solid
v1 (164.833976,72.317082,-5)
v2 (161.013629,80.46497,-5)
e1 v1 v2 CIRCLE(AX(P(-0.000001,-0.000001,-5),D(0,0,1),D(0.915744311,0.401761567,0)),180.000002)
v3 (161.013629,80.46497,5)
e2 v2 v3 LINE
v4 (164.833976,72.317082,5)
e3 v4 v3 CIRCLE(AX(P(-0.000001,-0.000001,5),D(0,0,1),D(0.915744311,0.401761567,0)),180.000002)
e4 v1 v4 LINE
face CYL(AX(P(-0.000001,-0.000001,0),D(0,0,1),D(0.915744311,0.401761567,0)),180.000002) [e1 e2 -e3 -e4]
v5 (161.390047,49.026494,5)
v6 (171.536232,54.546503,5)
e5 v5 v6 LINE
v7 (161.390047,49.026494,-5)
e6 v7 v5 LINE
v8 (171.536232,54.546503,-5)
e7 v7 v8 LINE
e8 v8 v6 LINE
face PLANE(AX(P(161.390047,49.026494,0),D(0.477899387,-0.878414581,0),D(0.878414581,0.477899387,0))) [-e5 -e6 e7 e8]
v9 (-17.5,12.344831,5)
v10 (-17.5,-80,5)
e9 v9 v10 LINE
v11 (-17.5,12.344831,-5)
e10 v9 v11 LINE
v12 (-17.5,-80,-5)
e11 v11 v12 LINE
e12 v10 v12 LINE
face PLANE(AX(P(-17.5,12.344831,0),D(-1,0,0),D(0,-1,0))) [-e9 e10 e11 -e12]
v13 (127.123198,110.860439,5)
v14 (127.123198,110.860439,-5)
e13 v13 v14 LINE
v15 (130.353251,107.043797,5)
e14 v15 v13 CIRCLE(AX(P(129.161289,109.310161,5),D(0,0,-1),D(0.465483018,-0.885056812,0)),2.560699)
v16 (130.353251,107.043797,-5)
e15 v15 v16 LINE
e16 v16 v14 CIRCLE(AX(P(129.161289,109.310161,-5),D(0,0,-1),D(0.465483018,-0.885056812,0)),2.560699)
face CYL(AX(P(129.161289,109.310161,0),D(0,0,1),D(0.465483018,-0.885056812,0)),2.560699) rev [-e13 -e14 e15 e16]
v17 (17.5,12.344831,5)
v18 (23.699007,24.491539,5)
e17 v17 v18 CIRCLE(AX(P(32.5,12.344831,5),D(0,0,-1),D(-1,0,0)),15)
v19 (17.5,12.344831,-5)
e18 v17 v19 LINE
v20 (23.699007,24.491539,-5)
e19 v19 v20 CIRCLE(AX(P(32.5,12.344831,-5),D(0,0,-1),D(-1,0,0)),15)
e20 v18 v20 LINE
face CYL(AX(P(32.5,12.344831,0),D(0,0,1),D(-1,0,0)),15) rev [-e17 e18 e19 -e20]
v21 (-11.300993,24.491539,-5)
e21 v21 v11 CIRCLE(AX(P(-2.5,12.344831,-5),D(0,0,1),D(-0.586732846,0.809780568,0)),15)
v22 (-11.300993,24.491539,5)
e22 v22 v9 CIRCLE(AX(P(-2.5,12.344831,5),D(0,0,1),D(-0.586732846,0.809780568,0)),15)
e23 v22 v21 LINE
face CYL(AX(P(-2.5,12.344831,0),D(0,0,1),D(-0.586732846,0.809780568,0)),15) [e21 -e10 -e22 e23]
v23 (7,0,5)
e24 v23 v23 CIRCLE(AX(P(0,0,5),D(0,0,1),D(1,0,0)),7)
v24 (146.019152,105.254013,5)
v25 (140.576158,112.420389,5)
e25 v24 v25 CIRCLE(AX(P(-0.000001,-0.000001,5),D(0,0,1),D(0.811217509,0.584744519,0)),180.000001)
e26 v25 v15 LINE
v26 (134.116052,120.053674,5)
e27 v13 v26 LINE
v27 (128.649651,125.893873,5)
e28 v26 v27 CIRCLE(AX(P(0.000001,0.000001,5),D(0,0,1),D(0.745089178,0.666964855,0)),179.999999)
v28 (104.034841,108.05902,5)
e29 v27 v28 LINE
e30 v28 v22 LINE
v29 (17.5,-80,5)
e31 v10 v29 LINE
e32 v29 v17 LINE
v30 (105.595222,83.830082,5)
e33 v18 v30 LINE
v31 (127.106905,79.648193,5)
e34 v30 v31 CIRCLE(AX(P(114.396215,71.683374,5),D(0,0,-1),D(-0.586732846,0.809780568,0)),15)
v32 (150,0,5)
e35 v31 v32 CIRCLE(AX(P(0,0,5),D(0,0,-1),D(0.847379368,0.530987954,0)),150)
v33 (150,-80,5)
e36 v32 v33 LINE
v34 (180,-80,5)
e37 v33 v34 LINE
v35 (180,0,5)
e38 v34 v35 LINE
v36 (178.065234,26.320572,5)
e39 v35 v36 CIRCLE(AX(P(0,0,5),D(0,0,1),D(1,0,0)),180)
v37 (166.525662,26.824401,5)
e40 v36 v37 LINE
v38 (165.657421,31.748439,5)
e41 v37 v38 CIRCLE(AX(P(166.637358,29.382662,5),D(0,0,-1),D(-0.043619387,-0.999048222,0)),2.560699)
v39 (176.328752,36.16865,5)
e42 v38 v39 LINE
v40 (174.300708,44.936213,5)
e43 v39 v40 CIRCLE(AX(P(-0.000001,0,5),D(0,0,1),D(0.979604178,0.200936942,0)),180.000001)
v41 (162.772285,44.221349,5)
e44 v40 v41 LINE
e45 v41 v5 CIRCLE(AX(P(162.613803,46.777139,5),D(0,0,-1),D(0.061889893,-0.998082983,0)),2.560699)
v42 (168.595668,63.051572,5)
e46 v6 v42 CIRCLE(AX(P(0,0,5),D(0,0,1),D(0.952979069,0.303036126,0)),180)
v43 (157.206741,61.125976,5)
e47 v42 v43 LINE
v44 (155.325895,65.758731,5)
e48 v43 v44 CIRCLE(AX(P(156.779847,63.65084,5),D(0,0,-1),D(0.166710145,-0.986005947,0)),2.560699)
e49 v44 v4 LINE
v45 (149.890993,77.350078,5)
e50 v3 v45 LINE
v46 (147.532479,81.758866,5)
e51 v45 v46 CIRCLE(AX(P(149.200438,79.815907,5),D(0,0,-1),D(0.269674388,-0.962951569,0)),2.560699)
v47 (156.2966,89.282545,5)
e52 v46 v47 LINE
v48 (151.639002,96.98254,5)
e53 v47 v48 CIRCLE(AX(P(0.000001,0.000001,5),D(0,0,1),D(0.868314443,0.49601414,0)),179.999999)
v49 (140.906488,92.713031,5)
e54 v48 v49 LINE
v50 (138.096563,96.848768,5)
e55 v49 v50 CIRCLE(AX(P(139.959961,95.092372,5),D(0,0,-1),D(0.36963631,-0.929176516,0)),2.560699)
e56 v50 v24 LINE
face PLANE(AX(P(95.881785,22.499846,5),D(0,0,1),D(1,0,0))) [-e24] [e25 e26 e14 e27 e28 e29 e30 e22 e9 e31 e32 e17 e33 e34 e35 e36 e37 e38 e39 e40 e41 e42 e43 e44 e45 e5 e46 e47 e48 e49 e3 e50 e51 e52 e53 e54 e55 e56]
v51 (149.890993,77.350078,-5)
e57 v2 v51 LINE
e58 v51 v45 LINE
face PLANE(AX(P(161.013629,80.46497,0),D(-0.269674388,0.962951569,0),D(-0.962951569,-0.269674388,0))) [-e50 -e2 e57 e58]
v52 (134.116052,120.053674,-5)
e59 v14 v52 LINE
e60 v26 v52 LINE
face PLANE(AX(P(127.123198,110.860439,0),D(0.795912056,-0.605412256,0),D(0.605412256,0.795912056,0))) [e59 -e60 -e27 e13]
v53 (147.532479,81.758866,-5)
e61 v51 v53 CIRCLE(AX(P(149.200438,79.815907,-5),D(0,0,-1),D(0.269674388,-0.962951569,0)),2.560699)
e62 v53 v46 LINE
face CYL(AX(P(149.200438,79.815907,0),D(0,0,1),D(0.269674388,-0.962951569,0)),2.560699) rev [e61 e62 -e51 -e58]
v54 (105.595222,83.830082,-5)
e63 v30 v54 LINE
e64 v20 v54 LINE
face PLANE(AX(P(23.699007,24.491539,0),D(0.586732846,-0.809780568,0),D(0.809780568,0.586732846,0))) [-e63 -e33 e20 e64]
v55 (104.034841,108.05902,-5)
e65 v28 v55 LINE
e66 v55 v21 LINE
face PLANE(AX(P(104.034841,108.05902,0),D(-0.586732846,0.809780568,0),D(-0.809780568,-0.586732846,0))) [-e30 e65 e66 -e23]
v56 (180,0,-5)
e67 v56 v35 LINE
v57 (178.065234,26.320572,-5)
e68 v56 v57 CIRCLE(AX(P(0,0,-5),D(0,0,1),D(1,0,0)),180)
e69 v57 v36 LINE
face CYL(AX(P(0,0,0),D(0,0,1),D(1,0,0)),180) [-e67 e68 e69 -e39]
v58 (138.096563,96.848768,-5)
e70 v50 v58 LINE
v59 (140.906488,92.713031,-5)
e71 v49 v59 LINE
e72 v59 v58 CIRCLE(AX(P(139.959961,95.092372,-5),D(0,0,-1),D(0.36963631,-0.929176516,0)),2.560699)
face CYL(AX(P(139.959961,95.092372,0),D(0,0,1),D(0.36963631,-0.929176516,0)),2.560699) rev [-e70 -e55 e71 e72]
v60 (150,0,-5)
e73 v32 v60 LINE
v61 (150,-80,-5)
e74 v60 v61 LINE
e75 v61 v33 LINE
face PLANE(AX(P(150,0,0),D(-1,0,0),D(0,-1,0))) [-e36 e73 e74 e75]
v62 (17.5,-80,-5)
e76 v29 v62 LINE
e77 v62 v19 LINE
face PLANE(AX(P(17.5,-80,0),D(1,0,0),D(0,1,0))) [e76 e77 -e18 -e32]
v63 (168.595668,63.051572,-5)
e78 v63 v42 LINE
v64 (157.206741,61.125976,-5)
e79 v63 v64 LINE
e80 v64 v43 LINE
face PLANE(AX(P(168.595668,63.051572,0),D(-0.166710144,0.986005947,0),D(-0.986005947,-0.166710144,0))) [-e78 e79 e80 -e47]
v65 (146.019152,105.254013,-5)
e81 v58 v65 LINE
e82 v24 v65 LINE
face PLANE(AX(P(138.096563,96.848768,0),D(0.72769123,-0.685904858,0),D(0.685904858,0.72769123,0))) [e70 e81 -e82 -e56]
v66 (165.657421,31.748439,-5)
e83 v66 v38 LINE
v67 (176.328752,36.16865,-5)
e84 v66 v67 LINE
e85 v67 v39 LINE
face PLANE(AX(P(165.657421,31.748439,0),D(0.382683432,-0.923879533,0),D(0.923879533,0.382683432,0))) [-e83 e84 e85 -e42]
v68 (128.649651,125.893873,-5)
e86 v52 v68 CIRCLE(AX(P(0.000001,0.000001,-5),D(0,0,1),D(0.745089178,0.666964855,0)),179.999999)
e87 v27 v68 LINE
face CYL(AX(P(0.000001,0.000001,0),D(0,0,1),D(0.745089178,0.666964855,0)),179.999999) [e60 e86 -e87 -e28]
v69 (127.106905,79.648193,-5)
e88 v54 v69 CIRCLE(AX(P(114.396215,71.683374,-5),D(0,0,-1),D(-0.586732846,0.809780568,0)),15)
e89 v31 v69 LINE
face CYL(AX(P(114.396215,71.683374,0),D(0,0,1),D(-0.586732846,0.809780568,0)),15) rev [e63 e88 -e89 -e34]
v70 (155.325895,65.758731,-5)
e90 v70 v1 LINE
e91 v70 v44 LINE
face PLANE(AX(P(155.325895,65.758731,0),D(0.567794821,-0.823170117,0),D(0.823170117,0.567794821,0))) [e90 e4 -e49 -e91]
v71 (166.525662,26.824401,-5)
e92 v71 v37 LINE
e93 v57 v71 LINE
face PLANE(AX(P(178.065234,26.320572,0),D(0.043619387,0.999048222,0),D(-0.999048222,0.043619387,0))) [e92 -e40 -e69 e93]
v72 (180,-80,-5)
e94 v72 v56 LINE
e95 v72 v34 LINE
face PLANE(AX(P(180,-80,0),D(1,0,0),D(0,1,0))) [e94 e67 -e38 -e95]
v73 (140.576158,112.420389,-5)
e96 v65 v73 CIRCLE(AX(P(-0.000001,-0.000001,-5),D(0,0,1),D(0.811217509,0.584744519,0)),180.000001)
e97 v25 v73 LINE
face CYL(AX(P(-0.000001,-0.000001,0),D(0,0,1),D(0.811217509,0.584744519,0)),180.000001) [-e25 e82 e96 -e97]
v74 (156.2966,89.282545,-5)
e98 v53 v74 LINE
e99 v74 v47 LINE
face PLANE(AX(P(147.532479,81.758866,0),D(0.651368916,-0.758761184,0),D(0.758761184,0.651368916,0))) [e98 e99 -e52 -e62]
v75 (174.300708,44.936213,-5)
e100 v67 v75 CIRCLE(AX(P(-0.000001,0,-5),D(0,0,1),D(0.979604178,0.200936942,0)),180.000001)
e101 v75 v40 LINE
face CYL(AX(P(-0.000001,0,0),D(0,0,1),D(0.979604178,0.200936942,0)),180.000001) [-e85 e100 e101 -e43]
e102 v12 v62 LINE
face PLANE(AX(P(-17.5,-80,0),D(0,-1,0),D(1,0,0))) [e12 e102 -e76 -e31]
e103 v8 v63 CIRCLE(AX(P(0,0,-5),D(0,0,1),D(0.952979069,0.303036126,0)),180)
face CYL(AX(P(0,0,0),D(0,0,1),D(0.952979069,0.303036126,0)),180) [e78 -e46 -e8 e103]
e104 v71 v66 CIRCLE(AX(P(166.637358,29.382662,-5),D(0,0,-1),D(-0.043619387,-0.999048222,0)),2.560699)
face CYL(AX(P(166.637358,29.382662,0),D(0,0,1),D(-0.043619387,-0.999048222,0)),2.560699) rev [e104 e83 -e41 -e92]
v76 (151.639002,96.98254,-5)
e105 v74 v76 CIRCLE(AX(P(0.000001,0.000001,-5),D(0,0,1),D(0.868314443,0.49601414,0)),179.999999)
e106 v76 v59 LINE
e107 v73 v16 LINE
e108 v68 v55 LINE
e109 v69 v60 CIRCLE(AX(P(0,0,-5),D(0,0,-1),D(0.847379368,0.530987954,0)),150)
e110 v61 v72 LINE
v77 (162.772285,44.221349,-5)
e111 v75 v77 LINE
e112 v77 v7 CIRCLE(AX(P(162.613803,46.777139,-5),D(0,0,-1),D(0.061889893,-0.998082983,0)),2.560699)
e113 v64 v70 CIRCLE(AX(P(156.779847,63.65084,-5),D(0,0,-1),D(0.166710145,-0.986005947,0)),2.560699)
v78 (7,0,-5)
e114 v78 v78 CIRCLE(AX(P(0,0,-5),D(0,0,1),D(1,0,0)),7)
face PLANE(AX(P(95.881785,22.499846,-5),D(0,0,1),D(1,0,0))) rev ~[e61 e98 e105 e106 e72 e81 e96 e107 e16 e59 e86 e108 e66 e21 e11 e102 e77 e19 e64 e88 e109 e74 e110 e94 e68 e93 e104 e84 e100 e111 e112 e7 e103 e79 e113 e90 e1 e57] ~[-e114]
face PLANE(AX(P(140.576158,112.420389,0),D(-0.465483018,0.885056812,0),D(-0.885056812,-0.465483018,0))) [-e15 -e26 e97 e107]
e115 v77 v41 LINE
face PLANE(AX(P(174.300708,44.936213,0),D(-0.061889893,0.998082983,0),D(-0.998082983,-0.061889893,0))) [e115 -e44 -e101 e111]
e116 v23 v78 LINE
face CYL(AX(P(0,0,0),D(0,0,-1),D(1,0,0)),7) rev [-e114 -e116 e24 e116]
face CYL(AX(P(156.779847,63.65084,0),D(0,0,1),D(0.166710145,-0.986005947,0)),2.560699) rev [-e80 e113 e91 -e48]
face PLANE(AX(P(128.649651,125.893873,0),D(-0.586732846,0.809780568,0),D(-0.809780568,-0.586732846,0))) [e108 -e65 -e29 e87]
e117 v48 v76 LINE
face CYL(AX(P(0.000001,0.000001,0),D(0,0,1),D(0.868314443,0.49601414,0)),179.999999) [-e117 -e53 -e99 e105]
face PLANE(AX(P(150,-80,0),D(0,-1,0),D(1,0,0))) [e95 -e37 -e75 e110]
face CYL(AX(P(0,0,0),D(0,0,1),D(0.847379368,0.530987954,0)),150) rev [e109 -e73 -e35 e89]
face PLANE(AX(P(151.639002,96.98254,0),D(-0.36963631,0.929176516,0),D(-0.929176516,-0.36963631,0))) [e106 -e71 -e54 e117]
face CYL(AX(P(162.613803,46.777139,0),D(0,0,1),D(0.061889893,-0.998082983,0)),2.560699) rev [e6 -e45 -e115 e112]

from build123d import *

# Parameters (mm, degrees)
ESQUISSE1_R        = 7
BOSS_EXTRU_2_DEPTH = 5


with BuildPart() as part:
    # Esquisse1 → Boss.-Extru.2 (new body, symmetric)
    with BuildSketch(Plane.XY):
        with BuildLine():
            Line((150, 0), (150, -80))
            Line((150, -80), (180, -80))
            Line((180, -80), (180, 0))
            ThreePointArc((180, 0), (179.515656817, 13.195793174), (178.065233806, 26.320571987))
            Line((178.065233806, 26.320571987), (166.525661597, 26.82440059))
            ThreePointArc((166.525661597, 26.82440059), (164.115561692, 28.93800148), (165.657420708, 31.748439355))
            Line((165.657420708, 31.748439355), (176.328752029, 36.168649517))
            ThreePointArc((176.328752029, 36.168649517), (175.369530112, 40.565107028), (174.300707948, 44.936212668))
            Line((174.300707948, 44.936212668), (162.772284789, 44.221349389))
            ThreePointArc((162.772284789, 44.221349389), (160.152897605, 46.069240364), (161.390047035, 49.026494422))
            Line((161.390047035, 49.026494422), (171.536232439, 54.546502735))
            ThreePointArc((171.536232439, 54.546502735), (170.119109634, 58.817416956), (168.595667923, 63.051572207))
            Line((168.595667923, 63.051572207), (157.206741362, 61.125975718))
            ThreePointArc((157.206741362, 61.125975718), (154.407228903, 62.687583949), (155.325895389, 65.758730667))
            Line((155.325895389, 65.758730667), (164.833975975, 72.317082106))
            ThreePointArc((164.833975975, 72.317082106), (162.974729307, 76.414904352), (161.013628739, 80.464969771))
            Line((161.013628739, 80.464969771), (149.89099329, 77.350078007))
            ThreePointArc((149.89099329, 77.350078007), (146.94252292, 78.608017892), (147.532478818, 81.758865764))
            Line((147.532478818, 81.758865764), (156.296599795, 89.282545285))
            ThreePointArc((156.296599795, 89.282545285), (154.015928519, 93.161653928), (151.6390023, 96.98253957))
            Line((151.6390023, 96.98253957), (140.906487819, 92.713031056))
            ThreePointArc((140.906487819, 92.713031056), (137.841885271, 93.653297773), (138.09656252, 96.84876797))
            Line((138.09656252, 96.84876797), (146.019151703, 105.254013396))
            ThreePointArc((146.019151703, 105.254013396), (143.34244685, 108.871221776), (140.576157634, 112.420389187))
            Line((140.576157634, 112.420389187), (130.353250706, 107.04379696))
            ThreePointArc((130.353250706, 107.04379696), (127.206634629, 107.655922389), (127.123197872, 110.860439292))
            Line((127.123197872, 110.860439292), (134.116051966, 120.053673851))
            ThreePointArc((134.116051966, 120.053673851), (131.415298407, 123.004143608), (128.649651075, 125.893873077))
            Line((128.649651075, 125.893873077), (104.03484123, 108.059020032))
            Line((104.03484123, 108.059020032), (-11.300992684, 24.491539248))
            ThreePointArc((-11.300992684, 24.491539248), (-15.86066784, 19.163375655), (-17.5, 12.344830732))
            Line((-17.5, 12.344830732), (-17.5, -80))
            Line((-17.5, -80), (17.5, -80))
            Line((17.5, -80), (17.5, 12.344830732))
            ThreePointArc((17.5, 12.344830732), (19.13933216, 19.163375655), (23.699007316, 24.491539248))
            Line((23.699007316, 24.491539248), (105.595221964, 83.83008228))
            ThreePointArc((105.595221964, 83.83008228), (117.258640826, 86.4077249), (127.106905164, 79.648193071))
            ThreePointArc((127.106905164, 79.648193071), (144.163164114, 41.436482871), (150, 0))
        make_face()
        Circle(ESQUISSE1_R, mode=Mode.SUBTRACT)
    extrude(amount=BOSS_EXTRU_2_DEPTH, both=True)


solid = part.part
